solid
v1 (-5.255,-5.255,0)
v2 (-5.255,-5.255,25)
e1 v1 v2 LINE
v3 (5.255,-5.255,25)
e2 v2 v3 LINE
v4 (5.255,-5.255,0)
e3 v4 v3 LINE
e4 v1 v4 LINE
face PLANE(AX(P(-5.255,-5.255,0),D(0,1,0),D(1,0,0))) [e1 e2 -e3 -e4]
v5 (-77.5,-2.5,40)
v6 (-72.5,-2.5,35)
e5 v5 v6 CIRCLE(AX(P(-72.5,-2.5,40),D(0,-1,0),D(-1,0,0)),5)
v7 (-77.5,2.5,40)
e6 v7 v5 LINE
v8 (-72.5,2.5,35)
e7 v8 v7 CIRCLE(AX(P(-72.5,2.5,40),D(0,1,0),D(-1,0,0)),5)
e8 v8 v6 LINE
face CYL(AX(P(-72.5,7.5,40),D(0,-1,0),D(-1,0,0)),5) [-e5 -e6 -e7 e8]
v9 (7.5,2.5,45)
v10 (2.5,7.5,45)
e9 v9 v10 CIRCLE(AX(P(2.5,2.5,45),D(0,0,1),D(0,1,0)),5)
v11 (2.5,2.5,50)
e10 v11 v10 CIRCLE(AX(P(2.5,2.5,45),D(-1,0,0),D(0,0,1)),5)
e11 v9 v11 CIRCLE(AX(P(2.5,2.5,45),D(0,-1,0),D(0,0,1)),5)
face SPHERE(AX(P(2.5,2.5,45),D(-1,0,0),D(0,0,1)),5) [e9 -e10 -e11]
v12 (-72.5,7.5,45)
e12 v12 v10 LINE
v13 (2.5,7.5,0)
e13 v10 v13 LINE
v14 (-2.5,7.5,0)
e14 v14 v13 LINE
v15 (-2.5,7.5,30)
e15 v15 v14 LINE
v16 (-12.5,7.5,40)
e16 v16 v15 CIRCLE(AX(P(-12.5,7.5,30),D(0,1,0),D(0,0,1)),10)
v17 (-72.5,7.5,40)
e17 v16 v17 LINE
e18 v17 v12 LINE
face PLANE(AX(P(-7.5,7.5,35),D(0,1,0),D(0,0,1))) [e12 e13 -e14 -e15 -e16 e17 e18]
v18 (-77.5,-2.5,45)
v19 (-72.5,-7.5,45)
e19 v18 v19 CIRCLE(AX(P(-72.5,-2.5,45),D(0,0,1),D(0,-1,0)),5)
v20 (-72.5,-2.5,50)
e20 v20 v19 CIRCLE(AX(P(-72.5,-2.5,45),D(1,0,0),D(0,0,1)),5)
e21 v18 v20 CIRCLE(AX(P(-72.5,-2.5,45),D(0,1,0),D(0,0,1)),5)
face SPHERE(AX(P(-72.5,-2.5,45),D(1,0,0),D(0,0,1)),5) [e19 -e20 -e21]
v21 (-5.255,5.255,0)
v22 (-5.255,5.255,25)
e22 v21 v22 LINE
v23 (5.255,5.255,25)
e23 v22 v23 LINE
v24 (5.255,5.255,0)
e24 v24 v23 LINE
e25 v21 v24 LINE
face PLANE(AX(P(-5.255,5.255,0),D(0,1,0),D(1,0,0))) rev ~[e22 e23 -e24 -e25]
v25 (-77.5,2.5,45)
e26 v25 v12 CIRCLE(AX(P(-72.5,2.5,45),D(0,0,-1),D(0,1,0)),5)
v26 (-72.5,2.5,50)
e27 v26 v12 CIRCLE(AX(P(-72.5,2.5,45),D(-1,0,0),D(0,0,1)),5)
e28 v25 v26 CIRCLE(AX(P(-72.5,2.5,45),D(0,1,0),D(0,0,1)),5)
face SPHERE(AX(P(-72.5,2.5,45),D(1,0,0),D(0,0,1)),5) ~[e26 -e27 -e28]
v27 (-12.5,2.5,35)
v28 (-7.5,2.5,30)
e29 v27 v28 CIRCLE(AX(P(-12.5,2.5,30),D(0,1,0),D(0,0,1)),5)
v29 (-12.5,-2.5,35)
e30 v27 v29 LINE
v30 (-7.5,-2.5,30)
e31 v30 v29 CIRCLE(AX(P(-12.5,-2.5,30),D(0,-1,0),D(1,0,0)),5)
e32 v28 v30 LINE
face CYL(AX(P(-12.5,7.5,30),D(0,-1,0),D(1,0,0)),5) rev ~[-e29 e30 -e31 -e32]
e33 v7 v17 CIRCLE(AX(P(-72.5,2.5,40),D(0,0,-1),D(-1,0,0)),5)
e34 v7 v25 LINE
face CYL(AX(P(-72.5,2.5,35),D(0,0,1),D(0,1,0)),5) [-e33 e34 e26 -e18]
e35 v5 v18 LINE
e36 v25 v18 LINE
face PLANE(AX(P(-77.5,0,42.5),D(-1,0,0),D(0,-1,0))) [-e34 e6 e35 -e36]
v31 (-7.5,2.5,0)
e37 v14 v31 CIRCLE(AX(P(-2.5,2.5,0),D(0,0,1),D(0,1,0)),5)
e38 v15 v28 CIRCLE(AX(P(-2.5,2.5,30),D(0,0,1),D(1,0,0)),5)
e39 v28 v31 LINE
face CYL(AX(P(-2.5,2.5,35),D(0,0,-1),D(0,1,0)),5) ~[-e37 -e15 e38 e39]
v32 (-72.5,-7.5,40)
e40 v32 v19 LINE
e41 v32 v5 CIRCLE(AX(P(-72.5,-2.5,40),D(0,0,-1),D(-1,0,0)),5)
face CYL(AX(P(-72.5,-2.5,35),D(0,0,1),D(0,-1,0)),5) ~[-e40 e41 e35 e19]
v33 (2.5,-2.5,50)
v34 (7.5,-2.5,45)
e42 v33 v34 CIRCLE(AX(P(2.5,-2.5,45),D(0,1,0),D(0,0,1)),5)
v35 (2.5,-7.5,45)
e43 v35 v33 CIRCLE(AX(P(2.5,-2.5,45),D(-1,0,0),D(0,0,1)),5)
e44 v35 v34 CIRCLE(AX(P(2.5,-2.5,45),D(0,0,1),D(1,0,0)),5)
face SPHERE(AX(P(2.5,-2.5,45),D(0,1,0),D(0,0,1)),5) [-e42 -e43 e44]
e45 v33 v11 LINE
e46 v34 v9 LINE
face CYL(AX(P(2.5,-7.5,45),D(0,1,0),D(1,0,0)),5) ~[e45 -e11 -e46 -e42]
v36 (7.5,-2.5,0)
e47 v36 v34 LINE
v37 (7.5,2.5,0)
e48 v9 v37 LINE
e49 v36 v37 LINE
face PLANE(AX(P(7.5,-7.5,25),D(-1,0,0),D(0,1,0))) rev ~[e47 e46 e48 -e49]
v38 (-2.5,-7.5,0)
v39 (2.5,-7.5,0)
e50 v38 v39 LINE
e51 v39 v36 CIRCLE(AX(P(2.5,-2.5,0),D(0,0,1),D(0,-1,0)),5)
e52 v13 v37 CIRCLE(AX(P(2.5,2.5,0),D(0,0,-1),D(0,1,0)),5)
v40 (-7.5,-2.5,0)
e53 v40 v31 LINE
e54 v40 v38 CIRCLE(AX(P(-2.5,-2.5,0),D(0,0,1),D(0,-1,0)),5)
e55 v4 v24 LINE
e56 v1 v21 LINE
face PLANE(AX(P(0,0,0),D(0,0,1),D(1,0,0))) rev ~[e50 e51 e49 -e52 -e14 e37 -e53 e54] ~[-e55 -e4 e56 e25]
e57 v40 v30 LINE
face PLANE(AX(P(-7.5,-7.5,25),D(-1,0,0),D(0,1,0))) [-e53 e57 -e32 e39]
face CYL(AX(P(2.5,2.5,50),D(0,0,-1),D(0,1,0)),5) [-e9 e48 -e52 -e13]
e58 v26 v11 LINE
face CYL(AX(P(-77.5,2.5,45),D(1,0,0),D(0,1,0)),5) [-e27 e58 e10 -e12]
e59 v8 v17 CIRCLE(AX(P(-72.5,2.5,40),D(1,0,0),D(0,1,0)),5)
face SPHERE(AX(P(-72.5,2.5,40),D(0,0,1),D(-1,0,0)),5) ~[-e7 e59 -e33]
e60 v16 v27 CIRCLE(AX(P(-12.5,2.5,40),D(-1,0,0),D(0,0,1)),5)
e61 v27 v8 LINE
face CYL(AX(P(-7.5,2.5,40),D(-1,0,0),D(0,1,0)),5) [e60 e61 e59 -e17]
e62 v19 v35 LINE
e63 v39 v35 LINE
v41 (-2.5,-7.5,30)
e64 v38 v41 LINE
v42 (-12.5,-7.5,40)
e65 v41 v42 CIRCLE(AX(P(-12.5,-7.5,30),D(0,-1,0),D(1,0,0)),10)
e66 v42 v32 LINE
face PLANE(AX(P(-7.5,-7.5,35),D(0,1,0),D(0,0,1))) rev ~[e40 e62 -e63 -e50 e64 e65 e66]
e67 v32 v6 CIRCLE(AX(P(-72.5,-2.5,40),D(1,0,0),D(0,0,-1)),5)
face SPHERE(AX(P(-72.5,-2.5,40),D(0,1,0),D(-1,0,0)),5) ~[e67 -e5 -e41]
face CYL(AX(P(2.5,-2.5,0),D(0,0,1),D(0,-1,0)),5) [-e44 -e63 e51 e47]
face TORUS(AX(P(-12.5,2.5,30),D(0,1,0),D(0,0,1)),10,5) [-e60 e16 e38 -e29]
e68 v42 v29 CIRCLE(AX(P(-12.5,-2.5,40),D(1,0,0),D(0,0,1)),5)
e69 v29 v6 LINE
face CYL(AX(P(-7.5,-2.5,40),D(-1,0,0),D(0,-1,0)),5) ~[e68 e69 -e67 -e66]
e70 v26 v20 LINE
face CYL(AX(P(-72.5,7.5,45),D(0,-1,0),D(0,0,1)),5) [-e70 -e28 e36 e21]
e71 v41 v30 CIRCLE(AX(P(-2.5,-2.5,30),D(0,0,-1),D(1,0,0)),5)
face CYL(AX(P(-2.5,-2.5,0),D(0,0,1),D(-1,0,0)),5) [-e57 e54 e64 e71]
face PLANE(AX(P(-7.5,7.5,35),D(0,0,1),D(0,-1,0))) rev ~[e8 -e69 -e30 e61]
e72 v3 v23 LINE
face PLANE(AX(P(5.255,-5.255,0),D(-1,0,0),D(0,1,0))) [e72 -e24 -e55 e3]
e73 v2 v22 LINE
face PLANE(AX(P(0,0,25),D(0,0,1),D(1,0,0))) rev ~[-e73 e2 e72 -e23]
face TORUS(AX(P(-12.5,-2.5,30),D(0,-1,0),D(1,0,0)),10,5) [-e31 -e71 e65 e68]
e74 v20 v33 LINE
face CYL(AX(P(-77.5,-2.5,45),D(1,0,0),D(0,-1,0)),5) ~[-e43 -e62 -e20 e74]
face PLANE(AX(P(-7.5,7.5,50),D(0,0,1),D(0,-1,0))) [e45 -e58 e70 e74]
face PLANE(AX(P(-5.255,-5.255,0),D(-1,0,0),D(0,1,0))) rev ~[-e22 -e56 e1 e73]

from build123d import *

# Parameters (mm, degrees)
F0_W     = 15
F0_H     = 15
F0_W_2   = 10.51
F0_H_2   = 10.51
F1_DEPTH = 25
F2_W     = 15
F2_H     = 15
F3_DEPTH = 25
F4_W     = 15
F4_H     = 15
F5_DEPTH = 70
F6_R     = 5


with BuildPart() as f1:
    # F0 (on Top) → F1 (new body)
    with BuildSketch(Plane.XY):
        Rectangle(F0_W, F0_H)
        Rectangle(F0_W_2, F0_H_2, mode=Mode.SUBTRACT)
    extrude(amount=F1_DEPTH)

    # F2 (on face) → F3 (join)
    with BuildSketch(Plane.XY.offset(25)):
        Rectangle(F2_W, F2_H)
    extrude(amount=F3_DEPTH)

    # F4 (on face) → F5 (join)
    with BuildSketch(Plane(origin=(-7.5, 0, 0), x_dir=(0, -1, 0), z_dir=(-1, 0, 0))):
        with Locations((0, 42.5)):
            Rectangle(F4_W, F4_H)
    extrude(amount=F5_DEPTH)

    # F6
    f6_edges = [f1.edges().sort_by_distance(p)[0] for p in [
        (-35, 7.5, 50),
        (7.5, 0, 50),
        (-35, -7.5, 50),
        (7.5, -7.5, 25),
        (7.5, 7.5, 25),
        (-77.5, 0, 50),
        (-77.5, 7.5, 42.5),
        (-77.5, 0, 35),
        (-77.5, -7.5, 42.5),
        (-42.5, 7.5, 35),
        (-7.5, 7.5, 17.5),
        (-7.5, -7.5, 17.5),
        (-42.5, -7.5, 35),
        (-7.5, 0, 35),
    ]]
    fillet(f6_edges, radius=F6_R)


solid = f1.part
